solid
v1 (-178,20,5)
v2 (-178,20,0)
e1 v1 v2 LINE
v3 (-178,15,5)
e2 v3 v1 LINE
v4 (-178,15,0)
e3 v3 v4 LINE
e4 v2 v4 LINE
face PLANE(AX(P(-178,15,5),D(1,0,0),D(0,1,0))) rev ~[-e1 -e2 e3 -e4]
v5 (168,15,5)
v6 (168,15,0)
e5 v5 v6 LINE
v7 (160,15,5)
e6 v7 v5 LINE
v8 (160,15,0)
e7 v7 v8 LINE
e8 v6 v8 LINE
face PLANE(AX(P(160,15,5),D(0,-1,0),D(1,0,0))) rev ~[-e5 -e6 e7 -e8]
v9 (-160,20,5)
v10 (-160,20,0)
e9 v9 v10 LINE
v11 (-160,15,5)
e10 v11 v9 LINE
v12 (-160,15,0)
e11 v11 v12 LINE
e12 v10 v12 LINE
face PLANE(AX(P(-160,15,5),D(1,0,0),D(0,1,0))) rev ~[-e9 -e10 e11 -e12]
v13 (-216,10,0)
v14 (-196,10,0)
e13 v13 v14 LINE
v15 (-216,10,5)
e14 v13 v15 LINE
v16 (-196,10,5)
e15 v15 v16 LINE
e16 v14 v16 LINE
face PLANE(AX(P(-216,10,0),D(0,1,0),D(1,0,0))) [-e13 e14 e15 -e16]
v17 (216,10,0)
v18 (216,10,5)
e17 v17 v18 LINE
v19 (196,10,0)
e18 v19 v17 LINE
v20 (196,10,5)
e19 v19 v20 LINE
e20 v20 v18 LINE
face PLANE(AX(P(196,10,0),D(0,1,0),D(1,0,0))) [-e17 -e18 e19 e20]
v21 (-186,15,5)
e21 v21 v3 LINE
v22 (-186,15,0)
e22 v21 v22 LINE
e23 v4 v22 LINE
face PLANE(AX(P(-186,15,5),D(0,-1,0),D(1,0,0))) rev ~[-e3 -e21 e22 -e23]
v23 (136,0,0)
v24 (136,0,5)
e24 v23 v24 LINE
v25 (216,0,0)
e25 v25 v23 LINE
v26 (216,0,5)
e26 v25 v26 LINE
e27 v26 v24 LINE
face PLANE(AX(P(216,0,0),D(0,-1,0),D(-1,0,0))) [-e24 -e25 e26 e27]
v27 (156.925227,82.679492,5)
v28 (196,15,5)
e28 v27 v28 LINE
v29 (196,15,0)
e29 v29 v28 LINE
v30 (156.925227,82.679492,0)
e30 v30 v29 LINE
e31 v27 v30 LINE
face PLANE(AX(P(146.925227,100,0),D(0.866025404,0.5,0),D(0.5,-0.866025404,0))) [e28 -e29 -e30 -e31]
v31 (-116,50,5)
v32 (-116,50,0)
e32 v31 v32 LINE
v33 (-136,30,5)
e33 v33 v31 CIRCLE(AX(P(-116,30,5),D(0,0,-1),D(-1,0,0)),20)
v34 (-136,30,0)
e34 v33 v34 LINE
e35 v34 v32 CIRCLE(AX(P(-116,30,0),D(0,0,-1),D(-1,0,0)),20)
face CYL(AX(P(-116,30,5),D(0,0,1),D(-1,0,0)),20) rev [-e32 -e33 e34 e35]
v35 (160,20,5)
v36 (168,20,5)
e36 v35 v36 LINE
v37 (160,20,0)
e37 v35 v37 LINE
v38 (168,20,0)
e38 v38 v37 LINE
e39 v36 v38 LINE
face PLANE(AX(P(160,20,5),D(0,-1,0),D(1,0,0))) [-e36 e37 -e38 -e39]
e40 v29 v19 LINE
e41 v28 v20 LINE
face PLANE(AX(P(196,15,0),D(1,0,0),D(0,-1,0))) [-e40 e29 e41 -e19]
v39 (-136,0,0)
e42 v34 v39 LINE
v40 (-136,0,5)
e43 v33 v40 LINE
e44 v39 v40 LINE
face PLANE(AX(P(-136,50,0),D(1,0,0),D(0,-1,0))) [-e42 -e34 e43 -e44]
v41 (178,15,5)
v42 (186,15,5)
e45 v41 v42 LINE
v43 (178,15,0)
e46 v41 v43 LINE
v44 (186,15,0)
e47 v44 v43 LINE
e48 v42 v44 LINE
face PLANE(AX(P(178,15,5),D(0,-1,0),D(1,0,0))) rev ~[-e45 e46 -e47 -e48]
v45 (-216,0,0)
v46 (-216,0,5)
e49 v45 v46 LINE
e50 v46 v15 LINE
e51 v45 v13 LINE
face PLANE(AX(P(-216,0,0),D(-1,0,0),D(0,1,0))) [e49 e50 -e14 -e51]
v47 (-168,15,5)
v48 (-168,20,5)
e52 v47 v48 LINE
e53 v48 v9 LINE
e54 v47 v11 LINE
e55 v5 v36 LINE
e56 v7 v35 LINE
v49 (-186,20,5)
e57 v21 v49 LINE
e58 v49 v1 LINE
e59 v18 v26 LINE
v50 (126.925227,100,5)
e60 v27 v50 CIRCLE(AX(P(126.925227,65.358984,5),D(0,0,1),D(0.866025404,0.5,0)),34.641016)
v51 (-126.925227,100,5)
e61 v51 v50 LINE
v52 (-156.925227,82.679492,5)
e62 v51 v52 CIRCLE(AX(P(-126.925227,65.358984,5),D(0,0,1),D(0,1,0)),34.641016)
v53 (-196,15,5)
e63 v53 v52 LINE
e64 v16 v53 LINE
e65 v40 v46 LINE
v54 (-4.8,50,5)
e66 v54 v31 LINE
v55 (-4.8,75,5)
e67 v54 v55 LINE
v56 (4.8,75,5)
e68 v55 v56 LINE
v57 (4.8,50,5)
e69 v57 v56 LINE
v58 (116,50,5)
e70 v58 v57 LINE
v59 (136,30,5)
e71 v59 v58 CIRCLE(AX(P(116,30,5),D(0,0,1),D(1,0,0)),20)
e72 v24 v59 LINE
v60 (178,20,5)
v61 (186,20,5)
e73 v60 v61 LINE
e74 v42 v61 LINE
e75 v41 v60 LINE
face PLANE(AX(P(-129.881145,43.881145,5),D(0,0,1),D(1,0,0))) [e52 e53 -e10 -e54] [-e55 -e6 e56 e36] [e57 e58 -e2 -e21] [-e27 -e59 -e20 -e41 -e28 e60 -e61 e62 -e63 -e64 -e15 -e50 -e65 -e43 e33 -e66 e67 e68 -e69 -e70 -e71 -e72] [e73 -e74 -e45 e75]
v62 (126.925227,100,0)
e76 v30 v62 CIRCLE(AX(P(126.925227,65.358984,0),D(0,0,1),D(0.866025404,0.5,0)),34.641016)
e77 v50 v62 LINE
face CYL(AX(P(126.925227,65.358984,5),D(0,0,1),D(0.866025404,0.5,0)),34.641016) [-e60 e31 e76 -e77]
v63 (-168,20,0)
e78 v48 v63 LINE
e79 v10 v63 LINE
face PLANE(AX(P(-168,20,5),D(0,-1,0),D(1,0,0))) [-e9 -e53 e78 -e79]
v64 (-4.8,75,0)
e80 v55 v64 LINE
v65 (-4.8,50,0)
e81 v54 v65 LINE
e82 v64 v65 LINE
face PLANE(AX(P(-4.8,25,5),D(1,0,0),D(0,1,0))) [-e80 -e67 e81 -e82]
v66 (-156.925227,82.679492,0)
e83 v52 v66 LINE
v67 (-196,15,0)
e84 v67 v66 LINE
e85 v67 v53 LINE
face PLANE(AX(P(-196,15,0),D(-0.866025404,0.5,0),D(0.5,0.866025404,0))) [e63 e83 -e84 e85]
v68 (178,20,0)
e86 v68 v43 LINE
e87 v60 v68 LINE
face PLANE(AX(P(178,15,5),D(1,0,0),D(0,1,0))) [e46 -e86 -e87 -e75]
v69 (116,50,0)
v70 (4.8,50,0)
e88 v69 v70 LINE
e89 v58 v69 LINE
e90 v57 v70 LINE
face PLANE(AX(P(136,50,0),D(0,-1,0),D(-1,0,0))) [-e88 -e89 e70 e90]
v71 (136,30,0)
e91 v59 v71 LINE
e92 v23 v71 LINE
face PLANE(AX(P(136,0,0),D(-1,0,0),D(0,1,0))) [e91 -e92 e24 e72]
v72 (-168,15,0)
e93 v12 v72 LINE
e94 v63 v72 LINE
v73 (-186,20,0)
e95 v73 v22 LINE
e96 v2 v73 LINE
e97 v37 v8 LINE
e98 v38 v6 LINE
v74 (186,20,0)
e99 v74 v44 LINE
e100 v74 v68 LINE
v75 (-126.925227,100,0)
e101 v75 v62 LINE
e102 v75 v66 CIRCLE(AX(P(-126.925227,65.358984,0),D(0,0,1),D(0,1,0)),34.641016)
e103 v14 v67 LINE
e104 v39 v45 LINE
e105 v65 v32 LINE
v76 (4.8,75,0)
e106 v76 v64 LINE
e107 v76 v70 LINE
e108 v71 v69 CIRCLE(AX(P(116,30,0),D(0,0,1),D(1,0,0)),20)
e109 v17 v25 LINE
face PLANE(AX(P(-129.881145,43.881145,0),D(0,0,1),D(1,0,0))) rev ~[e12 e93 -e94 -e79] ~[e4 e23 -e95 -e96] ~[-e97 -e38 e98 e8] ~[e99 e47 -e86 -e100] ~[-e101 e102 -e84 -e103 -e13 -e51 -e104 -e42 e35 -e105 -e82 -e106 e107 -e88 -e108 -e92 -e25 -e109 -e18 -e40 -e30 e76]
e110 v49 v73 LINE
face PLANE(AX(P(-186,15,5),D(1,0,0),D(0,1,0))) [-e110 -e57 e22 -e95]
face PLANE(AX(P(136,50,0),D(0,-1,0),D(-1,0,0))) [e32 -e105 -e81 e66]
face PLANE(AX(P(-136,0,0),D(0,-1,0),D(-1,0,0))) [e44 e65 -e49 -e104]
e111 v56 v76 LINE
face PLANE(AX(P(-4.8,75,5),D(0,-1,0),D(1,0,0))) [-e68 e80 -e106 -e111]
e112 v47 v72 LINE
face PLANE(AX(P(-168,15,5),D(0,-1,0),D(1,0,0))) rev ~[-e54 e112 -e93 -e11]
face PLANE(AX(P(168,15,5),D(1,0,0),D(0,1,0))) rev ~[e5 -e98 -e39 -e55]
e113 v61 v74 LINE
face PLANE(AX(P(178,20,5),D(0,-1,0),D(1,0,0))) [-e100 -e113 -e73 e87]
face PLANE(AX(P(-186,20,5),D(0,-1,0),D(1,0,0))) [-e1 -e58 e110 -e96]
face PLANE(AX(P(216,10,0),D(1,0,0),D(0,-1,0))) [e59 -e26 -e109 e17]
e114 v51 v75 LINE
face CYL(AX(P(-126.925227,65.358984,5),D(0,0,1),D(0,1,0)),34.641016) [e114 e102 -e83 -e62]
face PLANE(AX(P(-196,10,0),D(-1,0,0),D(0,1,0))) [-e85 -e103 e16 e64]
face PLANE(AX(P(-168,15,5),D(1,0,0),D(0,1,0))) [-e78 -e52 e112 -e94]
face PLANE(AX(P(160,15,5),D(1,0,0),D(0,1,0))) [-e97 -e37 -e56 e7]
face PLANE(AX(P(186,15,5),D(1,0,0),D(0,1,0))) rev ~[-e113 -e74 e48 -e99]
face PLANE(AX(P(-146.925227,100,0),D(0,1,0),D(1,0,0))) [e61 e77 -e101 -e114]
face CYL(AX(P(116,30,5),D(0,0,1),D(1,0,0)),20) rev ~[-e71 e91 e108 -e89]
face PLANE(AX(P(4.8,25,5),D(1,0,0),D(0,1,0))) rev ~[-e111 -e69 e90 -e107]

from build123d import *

# Parameters (mm, degrees)
EXTRUDE_1_DEPTH     = 5
CUT_EXTRUDE_1_REACH = 7
EXTRUDE_2_DEPTH     = 5
CUT_EXTRUDE_2_REACH = 7
SKETCH_4_W          = 9.6
SKETCH_4_H          = 50
CUT_EXTRUDE_3_REACH = 7
SKETCH_5_W          = 8
SKETCH_5_H          = 5


with BuildPart() as part:
    # 草图1 → 凸台-拉伸1 (new body)
    with BuildSketch(Plane.XY):
        Polygon((-216, 0), (-216, 10), (-196, 10), (-196, 15), (-146.925227119, 100), (146.925227119, 100), (196, 15), (196, 10), (216, 10), (216, 0), (136, 0), (136, 50), (-136, 50), (-136, 0), align=None)
    extrude(amount=EXTRUDE_1_DEPTH)

    # 草图2 → 切除-拉伸1 (cut, up to next)
    with BuildSketch(Plane.XY.offset(5), mode=Mode.PRIVATE) as cut_extrude_1_sk1:
        with BuildLine():
            Line((-146.925227119, 100), (-126.925227119, 100))
            ThreePointArc((-126.925227119, 100), (-144.245735195, 95.358983849), (-156.925227119, 82.679491924))
            Line((-156.925227119, 82.679491924), (-146.925227119, 100))
        make_face()
    cut_extrude_1_tool1 = extrude(cut_extrude_1_sk1.sketch, amount=-CUT_EXTRUDE_1_REACH, mode=Mode.PRIVATE) & part.part
    add(cut_extrude_1_tool1.solids().sort_by_distance((-144.827064, 96.365874, 5))[0], mode=Mode.SUBTRACT)
    # 草图2 → 切除-拉伸1 (cut, up to next)
    with BuildSketch(Plane.XY.offset(5), mode=Mode.PRIVATE) as cut_extrude_1_sk2:
        with BuildLine():
            Line((146.925227119, 100), (156.925227119, 82.679491924))
            ThreePointArc((156.925227119, 82.679491924), (144.245735195, 95.358983849), (126.925227119, 100))
            Line((126.925227119, 100), (146.925227119, 100))
        make_face()
    cut_extrude_1_tool2 = extrude(cut_extrude_1_sk2.sketch, amount=-CUT_EXTRUDE_1_REACH, mode=Mode.PRIVATE) & part.part
    add(cut_extrude_1_tool2.solids().sort_by_distance((144.827064, 96.365874, 5))[0], mode=Mode.SUBTRACT)

    # 草图3 → 凸台-拉伸2 (add)
    with BuildSketch(Plane.XY.offset(5)):
        with BuildLine():
            Line((-116, 50), (-136, 50))
            Line((-136, 50), (-136, 30))
            ThreePointArc((-136, 30), (-130.142135624, 44.142135624), (-116, 50))
        make_face()
        with BuildLine():
            Line((136, 50), (136, 30))
            ThreePointArc((136, 30), (130.142135624, 44.142135624), (116, 50))
            Line((116, 50), (136, 50))
        make_face()
    extrude(amount=-EXTRUDE_2_DEPTH)

    # 草图4 → 切除-拉伸2 (cut, up to next)
    with BuildSketch(Plane.XY.offset(5), mode=Mode.PRIVATE) as cut_extrude_2_sk1:
        with Locations((0, 50)):
            Rectangle(SKETCH_4_W, SKETCH_4_H)
    cut_extrude_2_tool1 = extrude(cut_extrude_2_sk1.sketch, amount=-CUT_EXTRUDE_2_REACH, mode=Mode.PRIVATE) & part.part
    add(cut_extrude_2_tool1.solids().sort_by_distance((0, 50, 5))[0], mode=Mode.SUBTRACT)

    # 草图5 → 切除-拉伸3 (cut, up to next)
    with BuildSketch(Plane.XY.offset(5), mode=Mode.PRIVATE) as cut_extrude_3_sk1:
        with Locations((-182, 17.5)):
            Rectangle(SKETCH_5_W, SKETCH_5_H)
    cut_extrude_3_tool1 = extrude(cut_extrude_3_sk1.sketch, amount=-CUT_EXTRUDE_3_REACH, mode=Mode.PRIVATE) & part.part
    add(cut_extrude_3_tool1.solids().sort_by_distance((-182, 17.5, 5))[0], mode=Mode.SUBTRACT)
    # 草图5 → 切除-拉伸3 (cut, up to next)
    with BuildSketch(Plane.XY.offset(5), mode=Mode.PRIVATE) as cut_extrude_3_sk2:
        with Locations((-164, 17.5)):
            Rectangle(SKETCH_5_W, SKETCH_5_H)
    cut_extrude_3_tool2 = extrude(cut_extrude_3_sk2.sketch, amount=-CUT_EXTRUDE_3_REACH, mode=Mode.PRIVATE) & part.part
    add(cut_extrude_3_tool2.solids().sort_by_distance((-164, 17.5, 5))[0], mode=Mode.SUBTRACT)
    # 草图5 → 切除-拉伸3 (cut, up to next)
    with BuildSketch(Plane.XY.offset(5), mode=Mode.PRIVATE) as cut_extrude_3_sk3:
        with Locations((164, 17.5)):
            Rectangle(SKETCH_5_W, SKETCH_5_H)
    cut_extrude_3_tool3 = extrude(cut_extrude_3_sk3.sketch, amount=-CUT_EXTRUDE_3_REACH, mode=Mode.PRIVATE) & part.part
    add(cut_extrude_3_tool3.solids().sort_by_distance((164, 17.5, 5))[0], mode=Mode.SUBTRACT)
    # 草图5 → 切除-拉伸3 (cut, up to next)
    with BuildSketch(Plane.XY.offset(5), mode=Mode.PRIVATE) as cut_extrude_3_sk4:
        with Locations((182, 17.5)):
            Rectangle(SKETCH_5_W, SKETCH_5_H)
    cut_extrude_3_tool4 = extrude(cut_extrude_3_sk4.sketch, amount=-CUT_EXTRUDE_3_REACH, mode=Mode.PRIVATE) & part.part
    add(cut_extrude_3_tool4.solids().sort_by_distance((182, 17.5, 5))[0], mode=Mode.SUBTRACT)


solid = part.part
